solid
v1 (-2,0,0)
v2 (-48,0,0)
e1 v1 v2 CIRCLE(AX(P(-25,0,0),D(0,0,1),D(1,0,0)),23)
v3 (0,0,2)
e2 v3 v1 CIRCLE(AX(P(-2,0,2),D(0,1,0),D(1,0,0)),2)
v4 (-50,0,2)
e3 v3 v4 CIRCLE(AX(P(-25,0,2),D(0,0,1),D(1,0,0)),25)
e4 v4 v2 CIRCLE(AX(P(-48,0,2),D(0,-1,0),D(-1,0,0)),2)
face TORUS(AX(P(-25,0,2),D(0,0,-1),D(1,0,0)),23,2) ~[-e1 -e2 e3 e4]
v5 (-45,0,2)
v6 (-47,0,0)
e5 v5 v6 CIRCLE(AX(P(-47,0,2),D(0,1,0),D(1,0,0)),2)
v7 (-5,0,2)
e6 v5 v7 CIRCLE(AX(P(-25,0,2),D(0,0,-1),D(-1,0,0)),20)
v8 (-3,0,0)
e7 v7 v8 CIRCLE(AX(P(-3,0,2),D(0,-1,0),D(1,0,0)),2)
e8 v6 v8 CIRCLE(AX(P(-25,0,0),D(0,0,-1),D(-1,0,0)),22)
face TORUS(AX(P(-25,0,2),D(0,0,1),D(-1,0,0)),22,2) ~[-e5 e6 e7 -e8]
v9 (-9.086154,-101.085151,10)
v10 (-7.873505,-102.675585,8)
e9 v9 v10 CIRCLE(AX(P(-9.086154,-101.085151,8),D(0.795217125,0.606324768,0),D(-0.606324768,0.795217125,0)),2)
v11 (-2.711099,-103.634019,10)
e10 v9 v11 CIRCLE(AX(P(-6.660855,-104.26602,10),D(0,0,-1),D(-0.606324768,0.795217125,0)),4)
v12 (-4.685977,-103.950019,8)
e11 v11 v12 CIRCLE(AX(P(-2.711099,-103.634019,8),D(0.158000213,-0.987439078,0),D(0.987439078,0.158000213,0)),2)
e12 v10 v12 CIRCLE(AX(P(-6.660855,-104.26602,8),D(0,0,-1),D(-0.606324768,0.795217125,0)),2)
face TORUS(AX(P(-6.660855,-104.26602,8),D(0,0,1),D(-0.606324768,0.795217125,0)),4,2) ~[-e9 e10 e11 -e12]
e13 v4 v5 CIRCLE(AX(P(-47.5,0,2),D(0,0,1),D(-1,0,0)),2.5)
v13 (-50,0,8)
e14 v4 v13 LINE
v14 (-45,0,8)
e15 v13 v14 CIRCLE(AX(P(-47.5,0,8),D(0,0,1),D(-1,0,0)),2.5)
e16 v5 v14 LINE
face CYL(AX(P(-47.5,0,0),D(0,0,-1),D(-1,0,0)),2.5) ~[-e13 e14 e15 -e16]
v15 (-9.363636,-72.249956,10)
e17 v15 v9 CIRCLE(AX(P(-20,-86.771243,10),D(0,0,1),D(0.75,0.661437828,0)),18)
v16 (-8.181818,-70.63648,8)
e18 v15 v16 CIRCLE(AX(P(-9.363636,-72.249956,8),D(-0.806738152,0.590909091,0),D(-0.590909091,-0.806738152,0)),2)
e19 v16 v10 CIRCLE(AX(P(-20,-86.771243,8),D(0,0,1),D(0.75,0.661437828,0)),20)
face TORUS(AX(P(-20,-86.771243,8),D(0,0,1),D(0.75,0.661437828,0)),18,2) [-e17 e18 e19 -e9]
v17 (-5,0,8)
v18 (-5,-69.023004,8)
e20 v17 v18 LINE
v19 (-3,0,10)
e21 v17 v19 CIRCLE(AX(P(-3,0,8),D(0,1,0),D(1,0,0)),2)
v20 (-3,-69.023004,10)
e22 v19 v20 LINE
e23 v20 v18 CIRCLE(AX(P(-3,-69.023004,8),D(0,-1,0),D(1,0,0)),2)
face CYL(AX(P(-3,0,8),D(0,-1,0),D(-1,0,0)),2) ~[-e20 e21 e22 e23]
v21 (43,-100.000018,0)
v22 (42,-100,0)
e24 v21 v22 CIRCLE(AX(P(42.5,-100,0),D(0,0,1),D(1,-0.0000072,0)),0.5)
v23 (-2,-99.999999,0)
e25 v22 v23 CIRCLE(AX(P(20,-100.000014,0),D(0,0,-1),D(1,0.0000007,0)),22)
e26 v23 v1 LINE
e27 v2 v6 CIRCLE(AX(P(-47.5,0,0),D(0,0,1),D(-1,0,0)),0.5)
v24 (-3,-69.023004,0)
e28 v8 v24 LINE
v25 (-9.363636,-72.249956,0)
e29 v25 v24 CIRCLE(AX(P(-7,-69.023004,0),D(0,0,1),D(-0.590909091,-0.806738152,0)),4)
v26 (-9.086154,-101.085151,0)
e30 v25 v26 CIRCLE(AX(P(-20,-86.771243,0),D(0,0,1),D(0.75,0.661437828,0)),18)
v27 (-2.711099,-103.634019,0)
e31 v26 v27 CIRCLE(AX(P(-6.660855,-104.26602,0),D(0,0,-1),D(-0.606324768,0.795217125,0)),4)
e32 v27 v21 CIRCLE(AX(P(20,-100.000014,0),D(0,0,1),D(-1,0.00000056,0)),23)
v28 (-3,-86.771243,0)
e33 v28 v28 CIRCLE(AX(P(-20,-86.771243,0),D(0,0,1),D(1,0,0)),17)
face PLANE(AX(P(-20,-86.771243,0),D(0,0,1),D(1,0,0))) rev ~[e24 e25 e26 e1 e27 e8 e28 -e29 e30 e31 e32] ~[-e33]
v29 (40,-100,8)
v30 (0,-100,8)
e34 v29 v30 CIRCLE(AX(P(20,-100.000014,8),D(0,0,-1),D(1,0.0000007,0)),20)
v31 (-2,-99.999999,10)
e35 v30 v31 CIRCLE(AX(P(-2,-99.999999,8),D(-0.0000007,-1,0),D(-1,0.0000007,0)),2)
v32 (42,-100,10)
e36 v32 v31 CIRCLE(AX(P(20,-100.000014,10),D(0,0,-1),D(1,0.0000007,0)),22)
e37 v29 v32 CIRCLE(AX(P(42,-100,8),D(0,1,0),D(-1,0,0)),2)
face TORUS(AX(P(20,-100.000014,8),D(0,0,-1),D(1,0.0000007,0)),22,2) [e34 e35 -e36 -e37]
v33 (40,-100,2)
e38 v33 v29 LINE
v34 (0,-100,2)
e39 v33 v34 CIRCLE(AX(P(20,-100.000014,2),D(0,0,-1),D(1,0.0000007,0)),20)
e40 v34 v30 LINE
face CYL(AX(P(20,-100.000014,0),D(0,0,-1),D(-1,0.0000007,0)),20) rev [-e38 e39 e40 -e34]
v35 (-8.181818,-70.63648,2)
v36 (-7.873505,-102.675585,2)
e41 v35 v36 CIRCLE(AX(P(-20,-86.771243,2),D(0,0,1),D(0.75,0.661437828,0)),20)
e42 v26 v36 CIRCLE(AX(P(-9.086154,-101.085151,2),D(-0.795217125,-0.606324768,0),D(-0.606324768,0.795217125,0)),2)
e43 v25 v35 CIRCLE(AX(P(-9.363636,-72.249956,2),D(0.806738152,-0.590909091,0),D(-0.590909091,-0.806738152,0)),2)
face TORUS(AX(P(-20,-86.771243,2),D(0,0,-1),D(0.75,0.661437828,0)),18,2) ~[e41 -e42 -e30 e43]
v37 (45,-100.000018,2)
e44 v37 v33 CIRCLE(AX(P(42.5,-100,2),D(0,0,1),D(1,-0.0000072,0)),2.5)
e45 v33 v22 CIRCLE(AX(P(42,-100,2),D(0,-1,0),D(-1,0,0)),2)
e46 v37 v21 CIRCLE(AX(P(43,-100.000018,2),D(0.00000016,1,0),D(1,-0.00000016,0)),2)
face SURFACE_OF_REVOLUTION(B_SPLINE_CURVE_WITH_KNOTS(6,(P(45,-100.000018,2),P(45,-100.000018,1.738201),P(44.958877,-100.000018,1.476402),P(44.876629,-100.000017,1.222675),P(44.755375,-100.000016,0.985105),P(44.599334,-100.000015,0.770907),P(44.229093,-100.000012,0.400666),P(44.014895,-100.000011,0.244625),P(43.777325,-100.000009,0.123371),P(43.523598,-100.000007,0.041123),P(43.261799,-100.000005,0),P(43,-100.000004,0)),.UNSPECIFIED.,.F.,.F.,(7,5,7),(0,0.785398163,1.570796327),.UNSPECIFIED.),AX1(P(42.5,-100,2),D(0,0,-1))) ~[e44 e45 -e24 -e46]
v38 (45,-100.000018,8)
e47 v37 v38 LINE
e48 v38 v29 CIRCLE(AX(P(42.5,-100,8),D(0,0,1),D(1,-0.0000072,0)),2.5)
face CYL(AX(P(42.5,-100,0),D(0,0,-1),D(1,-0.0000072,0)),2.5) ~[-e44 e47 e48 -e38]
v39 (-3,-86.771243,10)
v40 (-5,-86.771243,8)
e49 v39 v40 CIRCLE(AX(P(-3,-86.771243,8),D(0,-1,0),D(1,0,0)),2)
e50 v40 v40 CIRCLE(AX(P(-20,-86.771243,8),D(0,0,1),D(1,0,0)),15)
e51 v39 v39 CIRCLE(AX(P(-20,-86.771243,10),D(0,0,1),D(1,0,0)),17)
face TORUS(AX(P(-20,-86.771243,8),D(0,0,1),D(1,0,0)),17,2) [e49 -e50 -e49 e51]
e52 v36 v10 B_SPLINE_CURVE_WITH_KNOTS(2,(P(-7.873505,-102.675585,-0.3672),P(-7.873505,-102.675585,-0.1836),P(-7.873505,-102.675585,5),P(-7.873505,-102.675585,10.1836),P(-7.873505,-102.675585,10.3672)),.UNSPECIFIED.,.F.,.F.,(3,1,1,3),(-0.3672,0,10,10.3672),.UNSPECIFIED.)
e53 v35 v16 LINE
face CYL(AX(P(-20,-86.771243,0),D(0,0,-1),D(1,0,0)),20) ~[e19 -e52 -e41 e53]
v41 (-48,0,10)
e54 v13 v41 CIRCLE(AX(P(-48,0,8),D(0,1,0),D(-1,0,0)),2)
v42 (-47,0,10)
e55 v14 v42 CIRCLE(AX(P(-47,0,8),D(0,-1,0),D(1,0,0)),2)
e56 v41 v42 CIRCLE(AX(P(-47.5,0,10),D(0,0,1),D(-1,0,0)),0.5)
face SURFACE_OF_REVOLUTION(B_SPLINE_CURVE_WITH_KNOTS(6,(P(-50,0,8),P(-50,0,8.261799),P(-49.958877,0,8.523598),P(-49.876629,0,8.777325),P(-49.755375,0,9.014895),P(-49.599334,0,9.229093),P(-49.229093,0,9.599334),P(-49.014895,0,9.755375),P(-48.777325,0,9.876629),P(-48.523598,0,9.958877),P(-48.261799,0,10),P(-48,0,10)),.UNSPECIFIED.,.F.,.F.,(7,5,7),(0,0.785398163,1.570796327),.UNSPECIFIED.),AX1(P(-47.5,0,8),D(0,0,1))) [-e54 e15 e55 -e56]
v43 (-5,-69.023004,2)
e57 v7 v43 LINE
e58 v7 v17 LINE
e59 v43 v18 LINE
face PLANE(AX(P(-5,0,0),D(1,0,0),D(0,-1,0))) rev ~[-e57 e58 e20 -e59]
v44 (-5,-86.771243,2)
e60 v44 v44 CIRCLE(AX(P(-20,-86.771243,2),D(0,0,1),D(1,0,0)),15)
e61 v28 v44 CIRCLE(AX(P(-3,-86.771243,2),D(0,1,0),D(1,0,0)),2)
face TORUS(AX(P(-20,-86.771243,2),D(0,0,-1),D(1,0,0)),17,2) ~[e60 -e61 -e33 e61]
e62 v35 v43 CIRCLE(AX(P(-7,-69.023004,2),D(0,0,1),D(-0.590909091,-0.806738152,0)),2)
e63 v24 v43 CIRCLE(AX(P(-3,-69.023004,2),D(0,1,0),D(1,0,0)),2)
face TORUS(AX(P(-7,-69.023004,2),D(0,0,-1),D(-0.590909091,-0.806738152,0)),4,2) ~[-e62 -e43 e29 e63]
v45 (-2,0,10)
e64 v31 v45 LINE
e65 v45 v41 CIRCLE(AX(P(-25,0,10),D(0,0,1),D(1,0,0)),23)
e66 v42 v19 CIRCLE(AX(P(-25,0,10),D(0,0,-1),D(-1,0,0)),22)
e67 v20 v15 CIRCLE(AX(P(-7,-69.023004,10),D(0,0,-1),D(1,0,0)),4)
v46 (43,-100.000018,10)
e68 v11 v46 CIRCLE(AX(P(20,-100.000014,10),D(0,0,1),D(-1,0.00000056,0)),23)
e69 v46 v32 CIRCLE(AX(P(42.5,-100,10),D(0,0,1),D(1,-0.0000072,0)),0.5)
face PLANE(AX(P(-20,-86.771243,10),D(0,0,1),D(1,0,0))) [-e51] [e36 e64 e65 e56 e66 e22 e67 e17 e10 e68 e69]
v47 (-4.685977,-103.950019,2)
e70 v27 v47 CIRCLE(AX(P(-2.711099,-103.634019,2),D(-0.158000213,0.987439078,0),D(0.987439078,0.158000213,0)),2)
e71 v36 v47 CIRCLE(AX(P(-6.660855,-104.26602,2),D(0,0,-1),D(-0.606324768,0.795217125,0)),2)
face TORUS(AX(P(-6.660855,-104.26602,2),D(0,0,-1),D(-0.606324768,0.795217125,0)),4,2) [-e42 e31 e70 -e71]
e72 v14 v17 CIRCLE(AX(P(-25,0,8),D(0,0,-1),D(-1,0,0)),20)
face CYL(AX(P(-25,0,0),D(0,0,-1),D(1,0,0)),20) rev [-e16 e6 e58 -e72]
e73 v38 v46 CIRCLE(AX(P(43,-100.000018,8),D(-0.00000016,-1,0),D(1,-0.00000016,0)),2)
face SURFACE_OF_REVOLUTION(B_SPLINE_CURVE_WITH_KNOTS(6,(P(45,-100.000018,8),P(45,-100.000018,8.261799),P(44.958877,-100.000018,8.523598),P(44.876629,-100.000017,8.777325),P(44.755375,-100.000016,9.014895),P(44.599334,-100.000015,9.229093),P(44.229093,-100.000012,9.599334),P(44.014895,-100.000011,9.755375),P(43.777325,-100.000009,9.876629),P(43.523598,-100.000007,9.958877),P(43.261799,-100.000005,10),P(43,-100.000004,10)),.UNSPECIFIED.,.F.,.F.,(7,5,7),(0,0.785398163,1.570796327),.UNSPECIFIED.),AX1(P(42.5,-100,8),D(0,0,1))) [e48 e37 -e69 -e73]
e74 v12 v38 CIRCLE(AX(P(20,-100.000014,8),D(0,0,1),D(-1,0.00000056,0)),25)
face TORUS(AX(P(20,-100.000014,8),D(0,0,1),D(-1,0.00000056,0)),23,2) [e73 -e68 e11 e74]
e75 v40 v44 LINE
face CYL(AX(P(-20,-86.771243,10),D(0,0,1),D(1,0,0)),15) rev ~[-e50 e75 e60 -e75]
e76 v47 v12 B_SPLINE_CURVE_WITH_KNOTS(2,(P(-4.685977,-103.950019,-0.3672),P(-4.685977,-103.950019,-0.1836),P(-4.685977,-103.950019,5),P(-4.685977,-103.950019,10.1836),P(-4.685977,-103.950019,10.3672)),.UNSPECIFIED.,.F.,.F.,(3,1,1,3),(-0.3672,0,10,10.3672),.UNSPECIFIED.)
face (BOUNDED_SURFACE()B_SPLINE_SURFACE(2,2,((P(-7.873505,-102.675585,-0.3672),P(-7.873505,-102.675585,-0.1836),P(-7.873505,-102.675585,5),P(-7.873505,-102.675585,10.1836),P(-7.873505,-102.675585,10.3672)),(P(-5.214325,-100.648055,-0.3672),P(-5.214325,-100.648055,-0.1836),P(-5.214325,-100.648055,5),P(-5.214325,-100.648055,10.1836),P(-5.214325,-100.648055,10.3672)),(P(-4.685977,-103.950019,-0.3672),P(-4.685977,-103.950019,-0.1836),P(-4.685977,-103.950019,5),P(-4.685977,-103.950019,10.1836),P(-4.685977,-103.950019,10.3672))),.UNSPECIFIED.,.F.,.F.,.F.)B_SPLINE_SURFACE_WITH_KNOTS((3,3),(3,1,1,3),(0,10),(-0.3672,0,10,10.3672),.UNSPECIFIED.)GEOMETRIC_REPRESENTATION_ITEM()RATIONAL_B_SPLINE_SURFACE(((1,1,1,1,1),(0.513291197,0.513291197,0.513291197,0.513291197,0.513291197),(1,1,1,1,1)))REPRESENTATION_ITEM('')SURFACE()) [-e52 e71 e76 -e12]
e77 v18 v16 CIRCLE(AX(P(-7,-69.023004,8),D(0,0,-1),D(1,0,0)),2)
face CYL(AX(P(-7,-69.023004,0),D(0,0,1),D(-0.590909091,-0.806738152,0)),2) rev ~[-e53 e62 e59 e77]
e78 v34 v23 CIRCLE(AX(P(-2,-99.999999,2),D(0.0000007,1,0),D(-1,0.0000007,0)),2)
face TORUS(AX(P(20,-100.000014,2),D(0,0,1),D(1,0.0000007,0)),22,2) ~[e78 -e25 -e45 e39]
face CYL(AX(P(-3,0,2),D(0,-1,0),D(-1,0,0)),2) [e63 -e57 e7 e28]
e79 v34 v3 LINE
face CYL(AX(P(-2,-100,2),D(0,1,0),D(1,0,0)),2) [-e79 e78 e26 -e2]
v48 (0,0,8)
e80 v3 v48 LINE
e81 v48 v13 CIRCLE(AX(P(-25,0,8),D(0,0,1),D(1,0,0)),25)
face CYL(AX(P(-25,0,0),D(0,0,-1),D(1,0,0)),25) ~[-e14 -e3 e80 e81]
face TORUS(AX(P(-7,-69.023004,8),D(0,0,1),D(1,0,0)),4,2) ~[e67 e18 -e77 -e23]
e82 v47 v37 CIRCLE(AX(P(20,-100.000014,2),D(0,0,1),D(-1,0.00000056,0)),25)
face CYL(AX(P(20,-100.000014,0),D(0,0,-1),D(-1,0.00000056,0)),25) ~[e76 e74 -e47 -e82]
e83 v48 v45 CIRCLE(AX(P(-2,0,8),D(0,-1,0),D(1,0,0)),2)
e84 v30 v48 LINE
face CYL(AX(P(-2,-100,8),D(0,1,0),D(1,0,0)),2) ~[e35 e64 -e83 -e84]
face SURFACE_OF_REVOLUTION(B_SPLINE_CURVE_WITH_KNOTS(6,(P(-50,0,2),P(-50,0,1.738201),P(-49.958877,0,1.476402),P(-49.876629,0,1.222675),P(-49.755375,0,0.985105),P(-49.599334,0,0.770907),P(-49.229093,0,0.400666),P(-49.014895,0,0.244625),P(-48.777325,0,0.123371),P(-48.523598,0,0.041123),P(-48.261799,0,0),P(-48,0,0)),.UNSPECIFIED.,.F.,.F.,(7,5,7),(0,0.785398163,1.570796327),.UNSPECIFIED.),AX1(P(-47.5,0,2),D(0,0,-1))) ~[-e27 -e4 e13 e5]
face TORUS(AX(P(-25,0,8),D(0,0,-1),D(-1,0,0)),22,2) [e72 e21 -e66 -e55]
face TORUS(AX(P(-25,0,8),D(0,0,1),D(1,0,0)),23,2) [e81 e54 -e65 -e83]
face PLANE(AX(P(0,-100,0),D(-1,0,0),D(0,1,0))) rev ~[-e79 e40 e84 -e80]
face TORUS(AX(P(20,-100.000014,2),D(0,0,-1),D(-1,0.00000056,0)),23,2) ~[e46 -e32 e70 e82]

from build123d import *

# Parameters (mm, degrees)
SKETCH_R     = 20
PAD_DEPTH    = 10
PAD001_DEPTH = 10
SKETCH001_R  = 15
POCKET_DEPTH = 10
FILLET_R     = 2


with BuildPart() as part:
    # Sketch → Pad (new body)
    with BuildSketch(Plane.XY):
        with Locations((-20, -86.771243)):
            Circle(SKETCH_R)
        with BuildLine():
            ThreePointArc((0, 0), (-25, 25), (-50, 0))
            ThreePointArc((-50, 0), (-47.5, -2.5), (-45, 0))
            ThreePointArc((-5, 0), (-25, 20), (-45, 0))
            Line((-5, 0), (-5, -50))
            Line((-5, -100), (-5, -50))
            ThreePointArc((-5, -100), (19.999991, -125.000014), (45, -100.000018))
            ThreePointArc((45, -100.000018), (42.500009, -97.5), (40, -100))
            ThreePointArc((0, -100), (20, -120.000014), (40, -100))
            Line((0, -100), (0, -50))
            Line((0, 0), (0, -50))
        make_face()
    extrude(amount=PAD_DEPTH)

    # Sketch → Pad001 (join)
    with BuildSketch(Plane.XY):
        with Locations((-20, -86.771243)):
            Circle(SKETCH_R)
        with BuildLine():
            ThreePointArc((0, 0), (-25, 25), (-50, 0))
            ThreePointArc((-50, 0), (-47.5, -2.5), (-45, 0))
            ThreePointArc((-5, 0), (-25, 20), (-45, 0))
            Line((-5, 0), (-5, -50))
            Line((-5, -100), (-5, -50))
            ThreePointArc((-5, -100), (19.999991, -125.000014), (45, -100.000018))
            ThreePointArc((45, -100.000018), (42.500009, -97.5), (40, -100))
            ThreePointArc((0, -100), (20, -120.000014), (40, -100))
            Line((0, -100), (0, -50))
            Line((0, 0), (0, -50))
        make_face()
    extrude(amount=PAD001_DEPTH)

    # Sketch001 (on Face11 of Pad001) → Pocket (cut)
    with BuildSketch(Plane.XY.offset(10)):
        with Locations((-20, -86.771243)):
            Circle(SKETCH001_R)
    extrude(amount=-POCKET_DEPTH, mode=Mode.SUBTRACT)

    # Fillet
    fillet_edges = [part.edges().sort_by_distance(p)[0] for p in [
        (-5, -100, 5),
        (-40, -86.771243, 10),
        (-5, -73.542487, 5),
        (-40, -86.771243, 0),
        (45, -100.000018, 5),
        (19.999991, -125.000014, 0),
        (19.999991, -125.000014, 10),
        (-5, -36.771243, 10),
        (-25, 20, 10),
        (42.500009, -97.5, 10),
        (-47.5, -2.5, 10),
        (20, -120.000014, 10),
        (-25, 25, 10),
        (0, -50, 10),
        (-35, -86.771243, 10),
        (-5, 0, 5),
        (-5, -36.771243, 0),
        (-25, 20, 0),
        (42.500009, -97.5, 0),
        (-47.5, -2.5, 0),
        (20, -120.000014, 0),
        (-25, 25, 0),
        (0, -50, 0),
        (-35, -86.771243, 0),
        (40, -100, 5),
        (-45, 0, 5),
        (-50, 0, 5),
        (0, -100, 5),
        (0, 0, 5),
        (-5, -86.771243, 5),
    ]]
    fillet(fillet_edges, radius=FILLET_R)


solid = part.part
